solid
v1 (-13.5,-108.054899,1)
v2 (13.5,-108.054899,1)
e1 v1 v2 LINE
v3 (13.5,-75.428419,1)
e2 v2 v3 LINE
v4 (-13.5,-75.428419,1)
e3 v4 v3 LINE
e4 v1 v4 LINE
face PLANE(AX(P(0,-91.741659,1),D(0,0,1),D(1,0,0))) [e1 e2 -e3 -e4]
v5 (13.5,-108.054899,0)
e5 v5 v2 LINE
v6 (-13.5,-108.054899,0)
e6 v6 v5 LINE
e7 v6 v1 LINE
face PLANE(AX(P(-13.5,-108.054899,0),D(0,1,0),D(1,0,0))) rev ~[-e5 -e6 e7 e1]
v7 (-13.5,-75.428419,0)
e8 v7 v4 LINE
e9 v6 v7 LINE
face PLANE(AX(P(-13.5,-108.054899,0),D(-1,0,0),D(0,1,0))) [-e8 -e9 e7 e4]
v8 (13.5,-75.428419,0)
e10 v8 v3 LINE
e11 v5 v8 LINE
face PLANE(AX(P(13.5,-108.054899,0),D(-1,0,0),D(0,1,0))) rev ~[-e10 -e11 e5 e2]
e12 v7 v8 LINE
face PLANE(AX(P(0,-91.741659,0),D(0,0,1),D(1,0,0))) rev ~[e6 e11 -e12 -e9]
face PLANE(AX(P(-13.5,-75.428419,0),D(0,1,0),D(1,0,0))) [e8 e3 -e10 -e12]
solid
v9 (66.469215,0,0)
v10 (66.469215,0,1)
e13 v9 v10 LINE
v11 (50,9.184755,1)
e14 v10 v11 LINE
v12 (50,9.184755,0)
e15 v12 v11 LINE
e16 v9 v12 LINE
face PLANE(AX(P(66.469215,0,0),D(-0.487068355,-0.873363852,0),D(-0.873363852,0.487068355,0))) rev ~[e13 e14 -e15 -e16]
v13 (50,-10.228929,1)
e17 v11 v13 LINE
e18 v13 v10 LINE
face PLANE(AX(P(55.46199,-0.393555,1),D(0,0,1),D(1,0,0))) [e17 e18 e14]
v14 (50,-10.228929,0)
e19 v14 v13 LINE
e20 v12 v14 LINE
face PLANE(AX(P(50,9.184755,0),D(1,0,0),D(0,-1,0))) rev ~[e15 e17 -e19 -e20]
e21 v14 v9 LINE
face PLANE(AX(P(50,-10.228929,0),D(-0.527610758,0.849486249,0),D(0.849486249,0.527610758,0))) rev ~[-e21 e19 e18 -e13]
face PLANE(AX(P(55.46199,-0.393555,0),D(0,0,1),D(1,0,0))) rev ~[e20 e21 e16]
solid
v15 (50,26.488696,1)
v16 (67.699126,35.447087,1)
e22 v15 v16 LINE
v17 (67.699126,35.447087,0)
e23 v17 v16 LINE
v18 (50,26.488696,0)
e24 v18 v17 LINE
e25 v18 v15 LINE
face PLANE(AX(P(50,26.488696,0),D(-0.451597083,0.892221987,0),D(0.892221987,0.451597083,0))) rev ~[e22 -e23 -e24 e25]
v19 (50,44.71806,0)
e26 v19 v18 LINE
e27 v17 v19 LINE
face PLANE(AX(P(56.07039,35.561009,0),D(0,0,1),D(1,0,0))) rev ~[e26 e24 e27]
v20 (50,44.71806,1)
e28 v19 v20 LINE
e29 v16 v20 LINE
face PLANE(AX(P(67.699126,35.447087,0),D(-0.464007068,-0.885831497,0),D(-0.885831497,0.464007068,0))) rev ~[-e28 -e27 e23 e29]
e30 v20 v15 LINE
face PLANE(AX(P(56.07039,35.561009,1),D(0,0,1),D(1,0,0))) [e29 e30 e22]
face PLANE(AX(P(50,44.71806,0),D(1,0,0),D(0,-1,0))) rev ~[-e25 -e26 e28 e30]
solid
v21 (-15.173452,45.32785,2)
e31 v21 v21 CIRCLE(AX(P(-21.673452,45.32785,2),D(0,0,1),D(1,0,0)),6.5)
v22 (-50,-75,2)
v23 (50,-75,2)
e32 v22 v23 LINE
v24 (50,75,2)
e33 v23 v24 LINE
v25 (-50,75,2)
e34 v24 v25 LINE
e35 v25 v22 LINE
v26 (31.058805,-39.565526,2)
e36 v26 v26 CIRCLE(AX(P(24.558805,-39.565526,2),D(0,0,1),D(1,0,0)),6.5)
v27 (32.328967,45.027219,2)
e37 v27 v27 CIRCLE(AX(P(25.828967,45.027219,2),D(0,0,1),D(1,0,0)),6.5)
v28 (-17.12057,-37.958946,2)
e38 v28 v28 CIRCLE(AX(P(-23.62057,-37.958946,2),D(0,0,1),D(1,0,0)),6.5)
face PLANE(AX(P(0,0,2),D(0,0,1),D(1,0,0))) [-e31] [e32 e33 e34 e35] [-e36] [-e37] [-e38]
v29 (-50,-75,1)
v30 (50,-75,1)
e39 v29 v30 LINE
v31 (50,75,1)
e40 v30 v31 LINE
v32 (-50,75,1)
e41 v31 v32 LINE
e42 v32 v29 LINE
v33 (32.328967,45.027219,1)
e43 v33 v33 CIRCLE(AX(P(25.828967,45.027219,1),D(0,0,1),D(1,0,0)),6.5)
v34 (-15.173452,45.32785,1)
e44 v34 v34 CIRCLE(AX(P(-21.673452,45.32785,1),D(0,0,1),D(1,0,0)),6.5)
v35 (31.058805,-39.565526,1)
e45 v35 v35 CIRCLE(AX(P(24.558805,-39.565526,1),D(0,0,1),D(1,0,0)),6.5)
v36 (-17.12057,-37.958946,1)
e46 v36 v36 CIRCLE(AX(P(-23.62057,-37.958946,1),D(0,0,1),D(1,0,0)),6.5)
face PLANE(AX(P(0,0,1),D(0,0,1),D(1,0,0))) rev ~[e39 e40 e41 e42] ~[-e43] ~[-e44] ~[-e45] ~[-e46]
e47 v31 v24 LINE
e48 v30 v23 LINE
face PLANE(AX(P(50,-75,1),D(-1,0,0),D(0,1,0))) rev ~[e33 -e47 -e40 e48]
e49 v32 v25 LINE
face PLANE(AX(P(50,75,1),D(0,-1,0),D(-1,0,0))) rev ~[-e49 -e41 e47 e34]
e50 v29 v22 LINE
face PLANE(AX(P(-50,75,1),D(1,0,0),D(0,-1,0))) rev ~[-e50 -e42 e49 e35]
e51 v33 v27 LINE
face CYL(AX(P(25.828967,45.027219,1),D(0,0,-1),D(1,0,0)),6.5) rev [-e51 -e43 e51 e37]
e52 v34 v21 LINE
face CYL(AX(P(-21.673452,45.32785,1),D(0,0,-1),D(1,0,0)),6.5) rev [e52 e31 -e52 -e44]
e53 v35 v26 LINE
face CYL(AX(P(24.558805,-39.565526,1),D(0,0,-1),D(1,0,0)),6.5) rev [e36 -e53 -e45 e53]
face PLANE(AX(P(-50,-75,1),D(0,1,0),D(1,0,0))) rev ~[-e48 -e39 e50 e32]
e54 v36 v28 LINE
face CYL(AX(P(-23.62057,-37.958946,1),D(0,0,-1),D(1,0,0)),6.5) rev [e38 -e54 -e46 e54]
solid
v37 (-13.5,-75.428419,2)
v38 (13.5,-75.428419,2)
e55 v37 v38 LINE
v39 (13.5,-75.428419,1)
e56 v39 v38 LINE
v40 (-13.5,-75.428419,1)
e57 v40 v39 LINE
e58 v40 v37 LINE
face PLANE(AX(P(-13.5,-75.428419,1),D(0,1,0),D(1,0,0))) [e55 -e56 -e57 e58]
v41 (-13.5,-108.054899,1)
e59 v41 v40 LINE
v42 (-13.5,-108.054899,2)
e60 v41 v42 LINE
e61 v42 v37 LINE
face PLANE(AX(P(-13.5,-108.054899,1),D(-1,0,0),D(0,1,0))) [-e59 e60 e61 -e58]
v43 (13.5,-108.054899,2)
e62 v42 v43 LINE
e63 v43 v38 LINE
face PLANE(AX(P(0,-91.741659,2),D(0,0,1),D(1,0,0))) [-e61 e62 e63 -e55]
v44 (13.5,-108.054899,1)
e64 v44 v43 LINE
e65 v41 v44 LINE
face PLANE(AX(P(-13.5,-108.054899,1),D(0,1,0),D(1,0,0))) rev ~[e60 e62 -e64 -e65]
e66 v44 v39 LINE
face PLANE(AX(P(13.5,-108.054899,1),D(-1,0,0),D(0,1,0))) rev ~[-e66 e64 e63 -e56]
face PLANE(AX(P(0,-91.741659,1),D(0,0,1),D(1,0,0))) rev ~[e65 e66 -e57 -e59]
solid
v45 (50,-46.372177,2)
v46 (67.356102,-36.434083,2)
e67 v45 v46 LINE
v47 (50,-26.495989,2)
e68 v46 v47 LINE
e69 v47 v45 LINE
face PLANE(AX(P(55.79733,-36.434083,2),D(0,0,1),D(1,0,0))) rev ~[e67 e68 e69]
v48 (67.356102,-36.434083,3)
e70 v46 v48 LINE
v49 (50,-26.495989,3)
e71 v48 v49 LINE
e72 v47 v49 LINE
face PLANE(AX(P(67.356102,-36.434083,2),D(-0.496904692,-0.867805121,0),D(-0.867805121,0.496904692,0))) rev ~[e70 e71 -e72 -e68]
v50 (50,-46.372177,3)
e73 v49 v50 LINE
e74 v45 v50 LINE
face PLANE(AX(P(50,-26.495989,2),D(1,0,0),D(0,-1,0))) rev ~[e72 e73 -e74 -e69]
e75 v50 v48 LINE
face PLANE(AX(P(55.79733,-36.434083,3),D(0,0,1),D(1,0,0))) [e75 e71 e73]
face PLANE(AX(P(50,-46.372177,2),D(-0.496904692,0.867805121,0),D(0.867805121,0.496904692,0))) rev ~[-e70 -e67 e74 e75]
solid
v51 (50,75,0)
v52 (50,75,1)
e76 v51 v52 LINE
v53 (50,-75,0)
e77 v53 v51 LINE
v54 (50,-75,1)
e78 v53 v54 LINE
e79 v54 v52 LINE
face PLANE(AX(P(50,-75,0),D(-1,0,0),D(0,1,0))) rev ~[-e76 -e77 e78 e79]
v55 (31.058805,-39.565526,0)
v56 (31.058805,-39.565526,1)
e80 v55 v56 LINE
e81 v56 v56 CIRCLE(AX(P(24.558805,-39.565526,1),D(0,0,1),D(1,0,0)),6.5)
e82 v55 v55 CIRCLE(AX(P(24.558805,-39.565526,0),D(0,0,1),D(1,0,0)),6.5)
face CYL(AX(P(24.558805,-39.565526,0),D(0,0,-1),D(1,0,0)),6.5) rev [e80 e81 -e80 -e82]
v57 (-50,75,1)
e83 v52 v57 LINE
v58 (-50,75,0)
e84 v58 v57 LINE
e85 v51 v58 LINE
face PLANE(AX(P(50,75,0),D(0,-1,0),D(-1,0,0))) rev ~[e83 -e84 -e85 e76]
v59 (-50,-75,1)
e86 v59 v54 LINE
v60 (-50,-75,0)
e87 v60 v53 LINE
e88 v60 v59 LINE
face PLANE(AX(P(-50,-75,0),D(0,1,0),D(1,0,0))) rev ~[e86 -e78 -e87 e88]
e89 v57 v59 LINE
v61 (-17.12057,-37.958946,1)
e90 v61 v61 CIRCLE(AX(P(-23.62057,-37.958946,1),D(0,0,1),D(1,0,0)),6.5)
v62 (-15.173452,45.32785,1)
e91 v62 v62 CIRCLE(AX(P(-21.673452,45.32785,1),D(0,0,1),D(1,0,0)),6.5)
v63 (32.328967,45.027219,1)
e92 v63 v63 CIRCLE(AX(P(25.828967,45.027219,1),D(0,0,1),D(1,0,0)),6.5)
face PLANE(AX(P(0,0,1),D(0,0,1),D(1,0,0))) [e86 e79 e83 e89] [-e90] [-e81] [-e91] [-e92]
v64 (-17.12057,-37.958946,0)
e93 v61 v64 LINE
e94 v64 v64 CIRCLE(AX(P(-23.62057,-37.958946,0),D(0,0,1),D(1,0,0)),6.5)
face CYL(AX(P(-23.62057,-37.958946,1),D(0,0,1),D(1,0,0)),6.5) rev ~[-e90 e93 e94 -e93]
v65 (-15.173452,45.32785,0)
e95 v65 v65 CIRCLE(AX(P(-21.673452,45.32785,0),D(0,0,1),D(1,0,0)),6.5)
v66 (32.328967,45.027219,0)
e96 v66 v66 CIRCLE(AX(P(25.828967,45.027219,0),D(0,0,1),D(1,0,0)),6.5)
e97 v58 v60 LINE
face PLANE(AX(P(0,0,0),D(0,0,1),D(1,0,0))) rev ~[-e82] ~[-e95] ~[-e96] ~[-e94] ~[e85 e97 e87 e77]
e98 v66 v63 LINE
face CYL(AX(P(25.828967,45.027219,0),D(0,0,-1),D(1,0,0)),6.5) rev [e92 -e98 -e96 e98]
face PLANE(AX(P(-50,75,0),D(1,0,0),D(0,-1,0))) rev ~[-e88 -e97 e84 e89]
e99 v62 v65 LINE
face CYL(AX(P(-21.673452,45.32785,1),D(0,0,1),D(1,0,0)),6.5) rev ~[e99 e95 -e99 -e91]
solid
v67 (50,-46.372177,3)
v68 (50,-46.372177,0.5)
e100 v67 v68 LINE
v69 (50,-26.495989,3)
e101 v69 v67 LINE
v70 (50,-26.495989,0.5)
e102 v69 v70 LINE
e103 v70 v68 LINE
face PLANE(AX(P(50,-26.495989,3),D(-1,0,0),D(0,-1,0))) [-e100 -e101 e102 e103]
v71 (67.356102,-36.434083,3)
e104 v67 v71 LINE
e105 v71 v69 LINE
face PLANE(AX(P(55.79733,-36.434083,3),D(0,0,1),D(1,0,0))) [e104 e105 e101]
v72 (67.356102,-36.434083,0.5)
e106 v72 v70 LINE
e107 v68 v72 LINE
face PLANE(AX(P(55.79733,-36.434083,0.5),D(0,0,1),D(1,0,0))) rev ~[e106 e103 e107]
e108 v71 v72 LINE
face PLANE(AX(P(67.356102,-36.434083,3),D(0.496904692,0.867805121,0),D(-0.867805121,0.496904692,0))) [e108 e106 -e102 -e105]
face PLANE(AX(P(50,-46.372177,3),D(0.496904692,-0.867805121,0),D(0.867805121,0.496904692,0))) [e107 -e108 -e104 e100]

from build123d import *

# Parameters (mm, degrees)
F7_DEPTH  = 1
F5_R      = 6.5
F9_DEPTH  = 1
F10_DEPTH = 25
F11_R     = 6.5
F12_DEPTH = 25
F3_R      = 6.5
F13_DEPTH = 25
F14_R     = 6.5
F15_DEPTH = 25
F6_W      = 27
F6_H      = 32.6264798641
F16_DEPTH = 1
F17_DEPTH = 1
F19_DEPTH = 1
F20_DEPTH = 2.5


with BuildPart() as f7:
    # F1 (on face) → F7 (new body)
    with BuildSketch(Plane.XY):
        Polygon((67.6991255428, 35.4470872208), (50, 44.7180596117), (50, 26.4886961589), align=None)
    extrude(amount=F7_DEPTH)

    # F8 (on face) → F10 (cut)
    with BuildSketch(Plane.XY):
        Polygon((-50, -75), (50, -75), (50, -10.228929481), (50, 9.1847554396), (50, 75), (-50, 75), align=None)
    extrude(amount=-F10_DEPTH, mode=Mode.SUBTRACT)

    # F3 (on face) → F13 (cut)
    with BuildSketch(Plane.XY):
        with Locations((-21.6921102256, 45.2101491392)):
            Circle(F3_R)
    extrude(amount=-F13_DEPTH, mode=Mode.SUBTRACT)


with BuildPart() as f7b:
    # F2 (on face) → F7, piece 2 (new body)
    with BuildSketch(Plane.XY):
        Polygon((66.4692148566, 0), (50, 9.1847554396), (50, -10.228929481), align=None)
    extrude(amount=F7_DEPTH)


with BuildPart() as f9:
    # F5 (on face) → F9 (new body)
    with BuildSketch(Plane.XY):
        Polygon((-50, -75), (50, -75), (50, -10.228929481), (50, 9.1847554396), (50, 75), (-50, 75), align=None)
        with Locations((24.5588049293, -39.565525949)):
            Circle(F5_R, mode=Mode.SUBTRACT)
        with Locations((25.8289668709, 45.0272187591)):
            Circle(F5_R, mode=Mode.SUBTRACT)
    extrude(amount=F9_DEPTH)

    # F11 (on face) → F12 (cut)
    with BuildSketch(Plane.XY.offset(1)):
        with Locations((-21.6734521091, 45.3278496861)):
            Circle(F11_R)
    extrude(amount=-F12_DEPTH, mode=Mode.SUBTRACT)

    # F14 (on face) → F15 (cut)
    with BuildSketch(Plane.XY.offset(1)):
        with Locations((-23.6205700785, -37.958946079)):
            Circle(F14_R)
    extrude(amount=-F15_DEPTH, mode=Mode.SUBTRACT)


with BuildPart() as f16:
    # F6 (on face) → F16 (new body)
    with BuildSketch(Plane.XY):
        with Locations((0, -91.7416587472)):
            Rectangle(F6_W, F6_H)
    extrude(amount=F16_DEPTH)


with BuildPart() as f17:
    # F17 (new): a face of the model
    f17_faces = [f16.part.faces().sort_by_distance(p)[0] for p in [
        (0, -91.7416587472, 1),
    ]]
    extrude(f17_faces, amount=F17_DEPTH)


with BuildPart() as f17b:
    # F17#2 (new): a face of the model
    f17_2_faces = [f9.part.faces().sort_by_distance(p)[0] for p in [
        (-0.0467276065, -0.1177017141, 1),
    ]]
    extrude(f17_2_faces, amount=F17_DEPTH)


with BuildPart() as f19:
    # F18 (on face) → F19 (new body)
    with BuildSketch(Plane.XY.offset(2)):
        Polygon((67.3561024125, -36.4340830519), (50, -26.4959892181), (50, -46.3721768856), align=None)
    extrude(amount=F19_DEPTH)


with BuildPart() as f20:
    # F20 (new): a face of the model
    f20_faces = [f19.part.faces().sort_by_distance(p)[0] for p in [
        (55.7853674708, -36.4340830519, 3),
    ]]
    extrude(f20_faces, amount=-F20_DEPTH)


solid = Compound([f7.part, f7b.part, f9.part, f16.part, f17.part, f17b.part, f19.part, f20.part])
